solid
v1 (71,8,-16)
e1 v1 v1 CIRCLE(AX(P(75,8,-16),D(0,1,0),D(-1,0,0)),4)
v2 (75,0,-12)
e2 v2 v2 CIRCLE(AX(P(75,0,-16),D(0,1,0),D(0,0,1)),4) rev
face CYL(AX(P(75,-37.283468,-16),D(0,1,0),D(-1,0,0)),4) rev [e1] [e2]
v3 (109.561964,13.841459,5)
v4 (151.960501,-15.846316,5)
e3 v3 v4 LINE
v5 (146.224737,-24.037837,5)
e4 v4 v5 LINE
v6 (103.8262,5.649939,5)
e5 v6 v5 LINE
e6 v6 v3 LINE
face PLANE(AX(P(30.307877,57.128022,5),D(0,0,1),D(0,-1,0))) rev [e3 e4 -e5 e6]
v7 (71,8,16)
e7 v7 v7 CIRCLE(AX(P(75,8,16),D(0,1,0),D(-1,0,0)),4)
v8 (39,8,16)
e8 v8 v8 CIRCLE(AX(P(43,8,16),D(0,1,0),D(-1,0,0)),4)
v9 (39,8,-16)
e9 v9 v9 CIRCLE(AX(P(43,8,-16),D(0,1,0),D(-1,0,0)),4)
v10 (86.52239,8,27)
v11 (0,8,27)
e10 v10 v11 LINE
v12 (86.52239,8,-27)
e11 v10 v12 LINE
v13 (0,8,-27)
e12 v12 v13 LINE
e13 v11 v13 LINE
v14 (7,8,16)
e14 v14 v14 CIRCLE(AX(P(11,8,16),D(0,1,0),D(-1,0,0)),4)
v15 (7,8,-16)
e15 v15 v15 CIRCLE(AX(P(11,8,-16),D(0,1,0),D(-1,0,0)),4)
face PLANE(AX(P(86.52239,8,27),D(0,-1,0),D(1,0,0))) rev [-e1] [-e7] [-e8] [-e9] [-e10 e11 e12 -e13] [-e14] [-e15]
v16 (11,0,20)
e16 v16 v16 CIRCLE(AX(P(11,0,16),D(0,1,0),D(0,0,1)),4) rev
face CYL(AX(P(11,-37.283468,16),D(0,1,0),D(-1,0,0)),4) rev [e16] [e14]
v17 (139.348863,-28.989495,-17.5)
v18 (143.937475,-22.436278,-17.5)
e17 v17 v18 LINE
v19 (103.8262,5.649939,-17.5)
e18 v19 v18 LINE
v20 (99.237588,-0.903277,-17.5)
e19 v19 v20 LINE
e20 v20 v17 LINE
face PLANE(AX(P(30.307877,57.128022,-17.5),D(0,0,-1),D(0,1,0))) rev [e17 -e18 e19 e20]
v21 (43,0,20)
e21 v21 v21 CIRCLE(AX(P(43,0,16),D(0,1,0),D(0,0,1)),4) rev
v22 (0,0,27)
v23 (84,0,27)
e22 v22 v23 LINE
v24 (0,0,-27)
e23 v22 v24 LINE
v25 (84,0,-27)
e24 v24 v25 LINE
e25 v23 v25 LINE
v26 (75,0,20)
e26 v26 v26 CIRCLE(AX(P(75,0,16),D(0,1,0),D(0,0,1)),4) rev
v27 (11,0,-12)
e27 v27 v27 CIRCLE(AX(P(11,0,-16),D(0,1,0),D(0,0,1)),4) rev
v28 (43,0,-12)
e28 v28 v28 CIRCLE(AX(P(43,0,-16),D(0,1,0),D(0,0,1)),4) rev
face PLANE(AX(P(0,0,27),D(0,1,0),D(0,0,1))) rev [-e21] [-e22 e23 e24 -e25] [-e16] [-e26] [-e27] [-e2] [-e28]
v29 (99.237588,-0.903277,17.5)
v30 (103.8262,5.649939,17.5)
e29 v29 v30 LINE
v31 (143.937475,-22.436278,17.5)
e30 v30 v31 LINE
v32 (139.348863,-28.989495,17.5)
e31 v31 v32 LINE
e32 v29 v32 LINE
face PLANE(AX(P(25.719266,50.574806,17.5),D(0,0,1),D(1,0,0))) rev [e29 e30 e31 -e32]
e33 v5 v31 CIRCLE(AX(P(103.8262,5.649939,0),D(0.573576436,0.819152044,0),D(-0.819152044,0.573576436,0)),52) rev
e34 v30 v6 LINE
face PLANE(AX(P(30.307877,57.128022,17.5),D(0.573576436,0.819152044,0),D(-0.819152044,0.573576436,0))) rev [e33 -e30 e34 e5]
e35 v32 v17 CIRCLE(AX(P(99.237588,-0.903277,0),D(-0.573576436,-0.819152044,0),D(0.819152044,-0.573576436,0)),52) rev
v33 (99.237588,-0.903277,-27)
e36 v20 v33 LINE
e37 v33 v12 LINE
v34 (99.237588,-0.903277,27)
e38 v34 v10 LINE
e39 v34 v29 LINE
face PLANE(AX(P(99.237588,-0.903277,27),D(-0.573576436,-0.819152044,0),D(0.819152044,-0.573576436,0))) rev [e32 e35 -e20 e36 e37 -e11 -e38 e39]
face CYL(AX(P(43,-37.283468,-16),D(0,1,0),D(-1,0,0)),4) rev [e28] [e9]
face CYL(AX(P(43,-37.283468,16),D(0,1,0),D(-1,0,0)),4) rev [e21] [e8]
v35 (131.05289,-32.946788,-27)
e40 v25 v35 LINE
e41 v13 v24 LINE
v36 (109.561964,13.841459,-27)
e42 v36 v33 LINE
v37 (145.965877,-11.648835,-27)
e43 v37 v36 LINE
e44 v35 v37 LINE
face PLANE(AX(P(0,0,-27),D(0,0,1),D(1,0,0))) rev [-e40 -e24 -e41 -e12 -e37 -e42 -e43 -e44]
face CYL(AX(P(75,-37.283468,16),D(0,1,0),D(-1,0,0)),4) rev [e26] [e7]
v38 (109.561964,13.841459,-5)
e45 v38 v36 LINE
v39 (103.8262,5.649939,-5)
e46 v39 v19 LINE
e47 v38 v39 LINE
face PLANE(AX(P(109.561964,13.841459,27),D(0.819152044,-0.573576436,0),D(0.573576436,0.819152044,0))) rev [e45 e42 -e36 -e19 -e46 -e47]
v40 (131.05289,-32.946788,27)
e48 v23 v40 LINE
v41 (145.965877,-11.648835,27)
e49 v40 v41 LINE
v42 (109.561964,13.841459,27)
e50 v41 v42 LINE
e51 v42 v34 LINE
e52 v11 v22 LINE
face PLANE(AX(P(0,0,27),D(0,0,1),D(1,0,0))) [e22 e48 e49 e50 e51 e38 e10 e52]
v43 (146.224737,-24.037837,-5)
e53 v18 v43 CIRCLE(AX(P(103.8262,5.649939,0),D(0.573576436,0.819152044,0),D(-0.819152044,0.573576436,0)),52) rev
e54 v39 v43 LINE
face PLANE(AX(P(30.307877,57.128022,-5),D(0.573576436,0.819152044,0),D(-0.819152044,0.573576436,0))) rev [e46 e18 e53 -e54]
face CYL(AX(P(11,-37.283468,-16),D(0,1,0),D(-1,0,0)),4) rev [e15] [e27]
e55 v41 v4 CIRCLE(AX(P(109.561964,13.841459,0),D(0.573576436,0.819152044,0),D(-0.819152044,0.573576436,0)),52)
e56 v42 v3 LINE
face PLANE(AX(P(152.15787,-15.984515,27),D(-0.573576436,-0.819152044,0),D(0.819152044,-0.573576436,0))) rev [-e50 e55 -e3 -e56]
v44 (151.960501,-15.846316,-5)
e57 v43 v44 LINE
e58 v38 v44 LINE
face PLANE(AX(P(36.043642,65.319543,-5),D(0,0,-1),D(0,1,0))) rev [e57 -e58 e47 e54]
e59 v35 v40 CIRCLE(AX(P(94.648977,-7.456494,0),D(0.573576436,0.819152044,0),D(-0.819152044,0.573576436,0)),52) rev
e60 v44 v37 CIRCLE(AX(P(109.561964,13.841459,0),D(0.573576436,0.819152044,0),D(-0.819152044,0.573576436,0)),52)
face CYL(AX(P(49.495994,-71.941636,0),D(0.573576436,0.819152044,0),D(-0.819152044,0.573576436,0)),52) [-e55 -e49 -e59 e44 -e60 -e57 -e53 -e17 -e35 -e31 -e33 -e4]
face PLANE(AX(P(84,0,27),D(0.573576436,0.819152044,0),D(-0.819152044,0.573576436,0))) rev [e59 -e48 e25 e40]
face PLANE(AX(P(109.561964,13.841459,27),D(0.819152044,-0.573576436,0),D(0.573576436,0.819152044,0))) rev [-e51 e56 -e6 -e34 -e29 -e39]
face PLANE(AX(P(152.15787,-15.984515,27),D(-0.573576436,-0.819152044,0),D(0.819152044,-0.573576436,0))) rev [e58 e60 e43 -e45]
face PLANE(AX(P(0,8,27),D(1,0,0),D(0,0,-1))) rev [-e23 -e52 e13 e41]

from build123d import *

# Parameters (mm, degrees)
BOSS_EXTRUDE1_DEPTH = 27
CUT_EXTRUDE1_REACH  = 163.033
SKETCH2_R           = 4
CUT_EXTRUDE2_REACH  = 146.741
CUT_EXTRUDE3_START  = -26
CUT_EXTRUDE3_DEPTH  = 26


with BuildPart() as part:
    # Sketch1 → Boss-Extrude1 (new, symmetric)
    with BuildSketch(Plane.XY):
        Polygon((0, 0), (84, 0), (137.244882879, -37.282468363), (152.157870224, -15.984515211), (109.561963921, 13.841459479), (99.237588067, -0.903277318), (86.522390311, 8), (0, 8), align=None)
    extrude(amount=BOSS_EXTRUDE1_DEPTH, both=True)

    # Sketch2 → Cut-Extrude1 (cut, up to next)
    with BuildSketch(Plane(origin=(0, 8, 0), x_dir=(1, 0, 0), z_dir=(0, 1, 0)), mode=Mode.PRIVATE) as cut_extrude1_sk1:
        with Locations(Location((11, 16, 0), (0, 0, 180))):
            Circle(SKETCH2_R)
    cut_extrude1_tool1 = extrude(cut_extrude1_sk1.sketch, amount=-CUT_EXTRUDE1_REACH, mode=Mode.PRIVATE) & part.part
    # Sketch2 → Cut-Extrude1 (cut, up to next)
    with BuildSketch(Plane(origin=(0, 8, 0), x_dir=(1, 0, 0), z_dir=(0, 1, 0)), mode=Mode.PRIVATE) as cut_extrude1_sk2:
        with Locations(Location((43, 16, 0), (0, 0, 180))):
            Circle(SKETCH2_R)
    cut_extrude1_tool2 = extrude(cut_extrude1_sk2.sketch, amount=-CUT_EXTRUDE1_REACH, mode=Mode.PRIVATE) & part.part
    # Sketch2 → Cut-Extrude1 (cut, up to next)
    with BuildSketch(Plane(origin=(0, 8, 0), x_dir=(1, 0, 0), z_dir=(0, 1, 0)), mode=Mode.PRIVATE) as cut_extrude1_sk3:
        with Locations(Location((75, 16, 0), (0, 0, 180))):
            Circle(SKETCH2_R)
    cut_extrude1_tool3 = extrude(cut_extrude1_sk3.sketch, amount=-CUT_EXTRUDE1_REACH, mode=Mode.PRIVATE) & part.part
    # Sketch2 → Cut-Extrude1 (cut, up to next)
    with BuildSketch(Plane(origin=(0, 8, 0), x_dir=(1, 0, 0), z_dir=(0, 1, 0)), mode=Mode.PRIVATE) as cut_extrude1_sk4:
        with Locations(Location((43, -16, 0), (0, 0, 180))):
            Circle(SKETCH2_R)
    cut_extrude1_tool4 = extrude(cut_extrude1_sk4.sketch, amount=-CUT_EXTRUDE1_REACH, mode=Mode.PRIVATE) & part.part
    # Sketch2 → Cut-Extrude1 (cut, up to next)
    with BuildSketch(Plane(origin=(0, 8, 0), x_dir=(1, 0, 0), z_dir=(0, 1, 0)), mode=Mode.PRIVATE) as cut_extrude1_sk5:
        with Locations(Location((75, -16, 0), (0, 0, 180))):
            Circle(SKETCH2_R)
    cut_extrude1_tool5 = extrude(cut_extrude1_sk5.sketch, amount=-CUT_EXTRUDE1_REACH, mode=Mode.PRIVATE) & part.part
    # Sketch2 → Cut-Extrude1 (cut, up to next)
    with BuildSketch(Plane(origin=(0, 8, 0), x_dir=(1, 0, 0), z_dir=(0, 1, 0)), mode=Mode.PRIVATE) as cut_extrude1_sk6:
        with Locations(Location((11, -16, 0), (0, 0, 180))):
            Circle(SKETCH2_R)
    cut_extrude1_tool6 = extrude(cut_extrude1_sk6.sketch, amount=-CUT_EXTRUDE1_REACH, mode=Mode.PRIVATE) & part.part
    add(cut_extrude1_tool1.solids().sort_by_distance((11, 8, -16))[0], mode=Mode.SUBTRACT)
    add(cut_extrude1_tool2.solids().sort_by_distance((43, 8, -16))[0], mode=Mode.SUBTRACT)
    add(cut_extrude1_tool3.solids().sort_by_distance((75, 8, -16))[0], mode=Mode.SUBTRACT)
    add(cut_extrude1_tool4.solids().sort_by_distance((43, 8, 16))[0], mode=Mode.SUBTRACT)
    add(cut_extrude1_tool5.solids().sort_by_distance((75, 8, 16))[0], mode=Mode.SUBTRACT)
    add(cut_extrude1_tool6.solids().sort_by_distance((11, 8, 16))[0], mode=Mode.SUBTRACT)

    # Sketch3 → Cut-Extrude2 (cut, up to next)
    with BuildSketch(Plane(origin=(109.609728898, -76.749558436, 0), x_dir=(0, 0, -1), z_dir=(0.819152044288994, -0.5735764363510429, 0)), mode=Mode.PRIVATE) as cut_extrude2_sk1:
        Polygon((-5, 74.180420653), (5, 74.180420653), (5, 64.180420653), (17.5, 64.180420653), (17.5, 56.180420653), (-17.5, 56.180420653), (-17.5, 64.180420653), (-5, 64.180420653), align=None)
    cut_extrude2_tool1 = extrude(cut_extrude2_sk1.sketch, amount=-CUT_EXTRUDE2_REACH, mode=Mode.PRIVATE) & part.part
    add(cut_extrude2_tool1.solids().sort_by_distance((145.486271, -25.512547, 0))[0], mode=Mode.SUBTRACT)

    # Sketch5 → Cut-Extrude3 (cut)
    with BuildSketch(Plane(origin=(42.548141325, 60.765043225, 0), x_dir=(0.8191520442889936, -0.5735764363510437, 0), z_dir=(0.5735764363510436, 0.8191520442889935, 0)).offset(CUT_EXTRUDE3_START)):
        with BuildLine():
            Line((126.249743807, 27), (150.866337787, 27))
            Line((150.866337787, 27), (150.866337787, -27))
            Line((150.866337787, -27), (126.249743807, -27))
            ThreePointArc((126.249743807, -27), (133.80877172, 0), (126.249743807, 27))
        make_face()
    extrude(amount=CUT_EXTRUDE3_DEPTH, mode=Mode.SUBTRACT)


solid = part.part
